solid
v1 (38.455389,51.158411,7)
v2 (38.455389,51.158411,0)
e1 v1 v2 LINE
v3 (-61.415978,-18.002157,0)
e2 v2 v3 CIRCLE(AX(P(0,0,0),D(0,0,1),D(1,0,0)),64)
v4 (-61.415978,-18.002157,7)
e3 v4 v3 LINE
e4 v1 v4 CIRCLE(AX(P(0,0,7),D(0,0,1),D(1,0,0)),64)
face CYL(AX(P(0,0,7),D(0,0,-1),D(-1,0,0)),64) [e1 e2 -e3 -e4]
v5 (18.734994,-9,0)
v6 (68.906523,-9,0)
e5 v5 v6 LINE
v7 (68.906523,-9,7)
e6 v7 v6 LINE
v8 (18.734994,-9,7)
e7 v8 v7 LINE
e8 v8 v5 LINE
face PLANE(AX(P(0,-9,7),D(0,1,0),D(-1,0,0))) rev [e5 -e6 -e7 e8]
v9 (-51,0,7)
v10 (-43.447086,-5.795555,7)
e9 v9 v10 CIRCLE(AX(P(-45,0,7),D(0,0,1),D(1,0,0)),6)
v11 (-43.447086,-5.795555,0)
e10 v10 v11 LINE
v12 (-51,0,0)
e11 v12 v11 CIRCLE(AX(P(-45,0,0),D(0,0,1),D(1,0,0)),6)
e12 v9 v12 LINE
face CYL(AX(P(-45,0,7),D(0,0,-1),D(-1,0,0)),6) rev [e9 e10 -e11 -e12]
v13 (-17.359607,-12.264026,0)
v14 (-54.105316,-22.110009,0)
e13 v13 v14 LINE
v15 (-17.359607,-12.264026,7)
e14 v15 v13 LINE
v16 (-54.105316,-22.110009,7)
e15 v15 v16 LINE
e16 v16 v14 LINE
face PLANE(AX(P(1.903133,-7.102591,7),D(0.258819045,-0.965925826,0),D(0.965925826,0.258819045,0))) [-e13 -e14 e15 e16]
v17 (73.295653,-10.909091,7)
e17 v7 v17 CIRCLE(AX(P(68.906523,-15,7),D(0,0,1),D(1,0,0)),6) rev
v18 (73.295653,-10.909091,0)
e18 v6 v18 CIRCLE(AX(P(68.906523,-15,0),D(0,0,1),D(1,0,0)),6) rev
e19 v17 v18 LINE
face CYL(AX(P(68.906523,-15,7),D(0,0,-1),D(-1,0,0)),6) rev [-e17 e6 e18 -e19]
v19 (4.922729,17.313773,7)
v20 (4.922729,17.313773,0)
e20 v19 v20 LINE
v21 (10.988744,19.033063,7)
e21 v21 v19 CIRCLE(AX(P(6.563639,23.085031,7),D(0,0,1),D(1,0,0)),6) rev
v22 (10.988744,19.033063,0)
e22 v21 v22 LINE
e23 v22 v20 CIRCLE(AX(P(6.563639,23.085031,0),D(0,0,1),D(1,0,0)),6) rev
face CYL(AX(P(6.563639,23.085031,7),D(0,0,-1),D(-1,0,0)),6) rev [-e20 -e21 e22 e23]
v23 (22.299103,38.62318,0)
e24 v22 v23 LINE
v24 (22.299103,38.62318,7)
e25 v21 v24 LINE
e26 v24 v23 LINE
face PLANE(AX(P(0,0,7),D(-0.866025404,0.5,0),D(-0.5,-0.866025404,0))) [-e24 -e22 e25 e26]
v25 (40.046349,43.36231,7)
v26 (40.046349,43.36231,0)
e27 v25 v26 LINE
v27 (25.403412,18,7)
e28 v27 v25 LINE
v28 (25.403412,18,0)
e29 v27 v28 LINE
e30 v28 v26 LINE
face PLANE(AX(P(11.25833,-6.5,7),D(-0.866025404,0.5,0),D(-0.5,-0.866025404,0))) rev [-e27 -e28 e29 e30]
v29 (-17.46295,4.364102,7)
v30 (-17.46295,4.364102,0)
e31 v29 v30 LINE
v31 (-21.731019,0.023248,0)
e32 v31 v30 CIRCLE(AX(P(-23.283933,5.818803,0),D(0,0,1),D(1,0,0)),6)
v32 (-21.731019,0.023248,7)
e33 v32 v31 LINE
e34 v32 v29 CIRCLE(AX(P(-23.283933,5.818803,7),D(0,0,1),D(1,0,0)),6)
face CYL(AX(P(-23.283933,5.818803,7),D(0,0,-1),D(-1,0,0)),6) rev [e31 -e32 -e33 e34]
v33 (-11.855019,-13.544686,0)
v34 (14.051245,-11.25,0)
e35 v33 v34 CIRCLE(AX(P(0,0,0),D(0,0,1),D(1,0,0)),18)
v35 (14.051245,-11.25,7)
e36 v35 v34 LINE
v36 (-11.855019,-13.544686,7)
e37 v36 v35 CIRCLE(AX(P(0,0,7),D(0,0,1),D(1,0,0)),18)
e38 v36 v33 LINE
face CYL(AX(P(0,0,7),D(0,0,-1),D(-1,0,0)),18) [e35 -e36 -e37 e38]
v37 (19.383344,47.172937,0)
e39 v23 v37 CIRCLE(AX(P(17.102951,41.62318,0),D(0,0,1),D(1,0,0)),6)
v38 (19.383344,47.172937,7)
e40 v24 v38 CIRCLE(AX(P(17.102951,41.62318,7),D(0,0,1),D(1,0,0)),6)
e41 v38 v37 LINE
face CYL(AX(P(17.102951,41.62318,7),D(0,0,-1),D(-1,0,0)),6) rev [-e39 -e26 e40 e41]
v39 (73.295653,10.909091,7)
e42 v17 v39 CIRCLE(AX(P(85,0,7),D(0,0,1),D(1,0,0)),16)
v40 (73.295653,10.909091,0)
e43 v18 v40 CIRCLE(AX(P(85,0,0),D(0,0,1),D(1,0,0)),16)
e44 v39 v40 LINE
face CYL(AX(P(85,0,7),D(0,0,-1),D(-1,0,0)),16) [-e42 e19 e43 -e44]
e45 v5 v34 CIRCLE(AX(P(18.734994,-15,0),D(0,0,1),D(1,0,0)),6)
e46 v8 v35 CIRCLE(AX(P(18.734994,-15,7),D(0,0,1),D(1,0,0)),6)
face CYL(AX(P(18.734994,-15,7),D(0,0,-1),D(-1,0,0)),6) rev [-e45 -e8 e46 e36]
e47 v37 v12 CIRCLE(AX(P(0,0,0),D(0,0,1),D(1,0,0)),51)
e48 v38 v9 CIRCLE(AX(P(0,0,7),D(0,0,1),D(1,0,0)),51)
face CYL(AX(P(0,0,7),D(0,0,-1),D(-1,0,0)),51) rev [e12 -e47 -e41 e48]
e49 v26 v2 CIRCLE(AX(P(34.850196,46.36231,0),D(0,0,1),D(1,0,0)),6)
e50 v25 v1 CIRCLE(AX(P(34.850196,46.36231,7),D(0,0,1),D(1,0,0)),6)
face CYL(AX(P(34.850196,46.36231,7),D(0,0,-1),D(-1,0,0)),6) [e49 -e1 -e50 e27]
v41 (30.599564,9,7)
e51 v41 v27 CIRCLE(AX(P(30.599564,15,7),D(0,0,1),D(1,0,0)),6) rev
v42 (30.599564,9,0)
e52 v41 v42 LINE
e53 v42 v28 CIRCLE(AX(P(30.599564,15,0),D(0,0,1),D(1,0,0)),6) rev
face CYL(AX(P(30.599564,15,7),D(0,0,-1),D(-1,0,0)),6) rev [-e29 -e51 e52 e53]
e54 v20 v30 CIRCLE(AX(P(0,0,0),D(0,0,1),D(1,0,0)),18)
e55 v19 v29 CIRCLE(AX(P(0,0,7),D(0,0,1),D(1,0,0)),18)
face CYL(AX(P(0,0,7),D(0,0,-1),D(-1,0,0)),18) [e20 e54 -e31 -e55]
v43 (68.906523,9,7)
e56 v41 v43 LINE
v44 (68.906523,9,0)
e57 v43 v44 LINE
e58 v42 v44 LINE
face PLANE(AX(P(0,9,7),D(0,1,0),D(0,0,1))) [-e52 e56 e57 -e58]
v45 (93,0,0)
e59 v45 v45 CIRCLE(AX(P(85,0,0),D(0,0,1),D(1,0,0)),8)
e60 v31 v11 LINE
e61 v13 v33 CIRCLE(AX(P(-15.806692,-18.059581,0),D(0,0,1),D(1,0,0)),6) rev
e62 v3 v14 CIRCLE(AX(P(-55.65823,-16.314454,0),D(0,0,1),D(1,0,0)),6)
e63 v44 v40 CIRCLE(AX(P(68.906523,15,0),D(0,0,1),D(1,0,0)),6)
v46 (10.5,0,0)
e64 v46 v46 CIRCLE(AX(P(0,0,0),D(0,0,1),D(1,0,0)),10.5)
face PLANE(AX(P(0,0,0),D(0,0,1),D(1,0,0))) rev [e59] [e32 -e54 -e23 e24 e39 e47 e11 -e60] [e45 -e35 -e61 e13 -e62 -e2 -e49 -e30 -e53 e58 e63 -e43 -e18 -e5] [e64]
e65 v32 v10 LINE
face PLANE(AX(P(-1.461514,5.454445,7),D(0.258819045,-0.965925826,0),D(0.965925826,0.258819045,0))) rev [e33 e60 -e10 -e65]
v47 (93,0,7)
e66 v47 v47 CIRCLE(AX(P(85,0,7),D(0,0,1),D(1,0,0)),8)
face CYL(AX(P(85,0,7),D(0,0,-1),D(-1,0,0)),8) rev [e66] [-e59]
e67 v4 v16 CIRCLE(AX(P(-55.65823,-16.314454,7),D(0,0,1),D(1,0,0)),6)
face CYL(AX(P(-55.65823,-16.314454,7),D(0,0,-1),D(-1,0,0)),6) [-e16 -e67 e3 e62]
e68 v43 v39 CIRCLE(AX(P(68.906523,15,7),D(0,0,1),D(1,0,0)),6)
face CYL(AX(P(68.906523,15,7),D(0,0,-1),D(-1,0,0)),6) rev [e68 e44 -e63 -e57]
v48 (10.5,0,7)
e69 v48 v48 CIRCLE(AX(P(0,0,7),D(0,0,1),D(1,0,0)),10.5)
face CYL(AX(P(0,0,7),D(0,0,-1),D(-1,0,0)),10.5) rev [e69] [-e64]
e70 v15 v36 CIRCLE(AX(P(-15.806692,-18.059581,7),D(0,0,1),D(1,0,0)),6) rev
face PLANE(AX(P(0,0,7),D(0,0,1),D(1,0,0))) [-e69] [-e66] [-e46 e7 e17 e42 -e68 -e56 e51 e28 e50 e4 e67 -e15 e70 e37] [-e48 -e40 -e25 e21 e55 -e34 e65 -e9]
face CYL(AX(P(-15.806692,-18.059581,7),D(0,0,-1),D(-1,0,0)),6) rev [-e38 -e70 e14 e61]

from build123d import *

# Parameters (mm, degrees)
SKETCH2_R           = 8
SKETCH2_R_2         = 10.5
BOSS_EXTRUDE2_DEPTH = 7


with BuildPart() as part:
    # Sketch2 → Boss-Extrude2 (new body)
    with BuildSketch(Plane.XY):
        with BuildLine():
            ThreePointArc((18.734993995, -9), (16.136917784, -9.591673087), (14.051245496, -11.25))
            ThreePointArc((14.051245496, -11.25), (1.588158791, -17.929800658), (-11.855019266, -13.544685977))
            ThreePointArc((-11.855019266, -13.544685977), (-14.447084602, -12.215655673), (-17.359606625, -12.264026344))
            Line((-17.359606625, -12.264026344), (-54.105315802, -22.110009444))
            ThreePointArc((-54.105315802, -22.110009444), (-58.597408553, -21.545250779), (-61.415978011, -18.002156674))
            ThreePointArc((-61.415978011, -18.002156674), (-36.436152523, 52.615651562), (38.455388874, 51.158411493))
            ThreePointArc((38.455388874, 51.158411493), (40.729032534, 47.562011618), (40.04634859, 43.362310416))
            Line((40.04634859, 43.362310416), (25.403411844, 18))
            ThreePointArc((25.403411844, 18), (25.403411844, 12), (30.599564267, 9))
            Line((30.599564267, 9), (68.906523061, 9))
            ThreePointArc((68.906523061, 9), (71.299695166, 9.497934272), (73.295653135, 10.909090909))
            ThreePointArc((73.295653135, 10.909090909), (101, 0), (73.295653135, -10.909090909))
            ThreePointArc((73.295653135, -10.909090909), (71.299695166, -9.497934272), (68.906523061, -9))
            Line((68.906523061, -9), (18.734993995, -9))
        make_face()
        with Locations((85, 0)):
            Circle(SKETCH2_R, mode=Mode.SUBTRACT)
        Circle(SKETCH2_R_2, mode=Mode.SUBTRACT)
        with BuildLine():
            ThreePointArc((10.98874406, 19.033063022), (8.199770085, 17.312416637), (4.922729046, 17.313773094))
            ThreePointArc((4.922729046, 17.313773094), (-9.01320029, 15.580828622), (-17.462949753, 4.364101961))
            ThreePointArc((-17.462949753, 4.364101961), (-19.005575236, 1.612182259), (-21.731018733, 0.023247657))
            Line((-21.731018733, 0.023247657), (-43.447085729, -5.795554958))
            ThreePointArc((-43.447085729, -5.795554958), (-48.652568574, -4.760120042), (-51, 0))
            ThreePointArc((-51, 0), (-28.394096654, 42.364788152), (19.383344125, 47.172936845))
            ThreePointArc((19.383344125, 47.172936845), (22.781794932, 43.559859246), (22.299103121, 38.623179569))
            Line((22.299103121, 38.623179569), (10.98874406, 19.033063022))
        make_face(mode=Mode.SUBTRACT)
    extrude(amount=BOSS_EXTRUDE2_DEPTH)


solid = part.part
